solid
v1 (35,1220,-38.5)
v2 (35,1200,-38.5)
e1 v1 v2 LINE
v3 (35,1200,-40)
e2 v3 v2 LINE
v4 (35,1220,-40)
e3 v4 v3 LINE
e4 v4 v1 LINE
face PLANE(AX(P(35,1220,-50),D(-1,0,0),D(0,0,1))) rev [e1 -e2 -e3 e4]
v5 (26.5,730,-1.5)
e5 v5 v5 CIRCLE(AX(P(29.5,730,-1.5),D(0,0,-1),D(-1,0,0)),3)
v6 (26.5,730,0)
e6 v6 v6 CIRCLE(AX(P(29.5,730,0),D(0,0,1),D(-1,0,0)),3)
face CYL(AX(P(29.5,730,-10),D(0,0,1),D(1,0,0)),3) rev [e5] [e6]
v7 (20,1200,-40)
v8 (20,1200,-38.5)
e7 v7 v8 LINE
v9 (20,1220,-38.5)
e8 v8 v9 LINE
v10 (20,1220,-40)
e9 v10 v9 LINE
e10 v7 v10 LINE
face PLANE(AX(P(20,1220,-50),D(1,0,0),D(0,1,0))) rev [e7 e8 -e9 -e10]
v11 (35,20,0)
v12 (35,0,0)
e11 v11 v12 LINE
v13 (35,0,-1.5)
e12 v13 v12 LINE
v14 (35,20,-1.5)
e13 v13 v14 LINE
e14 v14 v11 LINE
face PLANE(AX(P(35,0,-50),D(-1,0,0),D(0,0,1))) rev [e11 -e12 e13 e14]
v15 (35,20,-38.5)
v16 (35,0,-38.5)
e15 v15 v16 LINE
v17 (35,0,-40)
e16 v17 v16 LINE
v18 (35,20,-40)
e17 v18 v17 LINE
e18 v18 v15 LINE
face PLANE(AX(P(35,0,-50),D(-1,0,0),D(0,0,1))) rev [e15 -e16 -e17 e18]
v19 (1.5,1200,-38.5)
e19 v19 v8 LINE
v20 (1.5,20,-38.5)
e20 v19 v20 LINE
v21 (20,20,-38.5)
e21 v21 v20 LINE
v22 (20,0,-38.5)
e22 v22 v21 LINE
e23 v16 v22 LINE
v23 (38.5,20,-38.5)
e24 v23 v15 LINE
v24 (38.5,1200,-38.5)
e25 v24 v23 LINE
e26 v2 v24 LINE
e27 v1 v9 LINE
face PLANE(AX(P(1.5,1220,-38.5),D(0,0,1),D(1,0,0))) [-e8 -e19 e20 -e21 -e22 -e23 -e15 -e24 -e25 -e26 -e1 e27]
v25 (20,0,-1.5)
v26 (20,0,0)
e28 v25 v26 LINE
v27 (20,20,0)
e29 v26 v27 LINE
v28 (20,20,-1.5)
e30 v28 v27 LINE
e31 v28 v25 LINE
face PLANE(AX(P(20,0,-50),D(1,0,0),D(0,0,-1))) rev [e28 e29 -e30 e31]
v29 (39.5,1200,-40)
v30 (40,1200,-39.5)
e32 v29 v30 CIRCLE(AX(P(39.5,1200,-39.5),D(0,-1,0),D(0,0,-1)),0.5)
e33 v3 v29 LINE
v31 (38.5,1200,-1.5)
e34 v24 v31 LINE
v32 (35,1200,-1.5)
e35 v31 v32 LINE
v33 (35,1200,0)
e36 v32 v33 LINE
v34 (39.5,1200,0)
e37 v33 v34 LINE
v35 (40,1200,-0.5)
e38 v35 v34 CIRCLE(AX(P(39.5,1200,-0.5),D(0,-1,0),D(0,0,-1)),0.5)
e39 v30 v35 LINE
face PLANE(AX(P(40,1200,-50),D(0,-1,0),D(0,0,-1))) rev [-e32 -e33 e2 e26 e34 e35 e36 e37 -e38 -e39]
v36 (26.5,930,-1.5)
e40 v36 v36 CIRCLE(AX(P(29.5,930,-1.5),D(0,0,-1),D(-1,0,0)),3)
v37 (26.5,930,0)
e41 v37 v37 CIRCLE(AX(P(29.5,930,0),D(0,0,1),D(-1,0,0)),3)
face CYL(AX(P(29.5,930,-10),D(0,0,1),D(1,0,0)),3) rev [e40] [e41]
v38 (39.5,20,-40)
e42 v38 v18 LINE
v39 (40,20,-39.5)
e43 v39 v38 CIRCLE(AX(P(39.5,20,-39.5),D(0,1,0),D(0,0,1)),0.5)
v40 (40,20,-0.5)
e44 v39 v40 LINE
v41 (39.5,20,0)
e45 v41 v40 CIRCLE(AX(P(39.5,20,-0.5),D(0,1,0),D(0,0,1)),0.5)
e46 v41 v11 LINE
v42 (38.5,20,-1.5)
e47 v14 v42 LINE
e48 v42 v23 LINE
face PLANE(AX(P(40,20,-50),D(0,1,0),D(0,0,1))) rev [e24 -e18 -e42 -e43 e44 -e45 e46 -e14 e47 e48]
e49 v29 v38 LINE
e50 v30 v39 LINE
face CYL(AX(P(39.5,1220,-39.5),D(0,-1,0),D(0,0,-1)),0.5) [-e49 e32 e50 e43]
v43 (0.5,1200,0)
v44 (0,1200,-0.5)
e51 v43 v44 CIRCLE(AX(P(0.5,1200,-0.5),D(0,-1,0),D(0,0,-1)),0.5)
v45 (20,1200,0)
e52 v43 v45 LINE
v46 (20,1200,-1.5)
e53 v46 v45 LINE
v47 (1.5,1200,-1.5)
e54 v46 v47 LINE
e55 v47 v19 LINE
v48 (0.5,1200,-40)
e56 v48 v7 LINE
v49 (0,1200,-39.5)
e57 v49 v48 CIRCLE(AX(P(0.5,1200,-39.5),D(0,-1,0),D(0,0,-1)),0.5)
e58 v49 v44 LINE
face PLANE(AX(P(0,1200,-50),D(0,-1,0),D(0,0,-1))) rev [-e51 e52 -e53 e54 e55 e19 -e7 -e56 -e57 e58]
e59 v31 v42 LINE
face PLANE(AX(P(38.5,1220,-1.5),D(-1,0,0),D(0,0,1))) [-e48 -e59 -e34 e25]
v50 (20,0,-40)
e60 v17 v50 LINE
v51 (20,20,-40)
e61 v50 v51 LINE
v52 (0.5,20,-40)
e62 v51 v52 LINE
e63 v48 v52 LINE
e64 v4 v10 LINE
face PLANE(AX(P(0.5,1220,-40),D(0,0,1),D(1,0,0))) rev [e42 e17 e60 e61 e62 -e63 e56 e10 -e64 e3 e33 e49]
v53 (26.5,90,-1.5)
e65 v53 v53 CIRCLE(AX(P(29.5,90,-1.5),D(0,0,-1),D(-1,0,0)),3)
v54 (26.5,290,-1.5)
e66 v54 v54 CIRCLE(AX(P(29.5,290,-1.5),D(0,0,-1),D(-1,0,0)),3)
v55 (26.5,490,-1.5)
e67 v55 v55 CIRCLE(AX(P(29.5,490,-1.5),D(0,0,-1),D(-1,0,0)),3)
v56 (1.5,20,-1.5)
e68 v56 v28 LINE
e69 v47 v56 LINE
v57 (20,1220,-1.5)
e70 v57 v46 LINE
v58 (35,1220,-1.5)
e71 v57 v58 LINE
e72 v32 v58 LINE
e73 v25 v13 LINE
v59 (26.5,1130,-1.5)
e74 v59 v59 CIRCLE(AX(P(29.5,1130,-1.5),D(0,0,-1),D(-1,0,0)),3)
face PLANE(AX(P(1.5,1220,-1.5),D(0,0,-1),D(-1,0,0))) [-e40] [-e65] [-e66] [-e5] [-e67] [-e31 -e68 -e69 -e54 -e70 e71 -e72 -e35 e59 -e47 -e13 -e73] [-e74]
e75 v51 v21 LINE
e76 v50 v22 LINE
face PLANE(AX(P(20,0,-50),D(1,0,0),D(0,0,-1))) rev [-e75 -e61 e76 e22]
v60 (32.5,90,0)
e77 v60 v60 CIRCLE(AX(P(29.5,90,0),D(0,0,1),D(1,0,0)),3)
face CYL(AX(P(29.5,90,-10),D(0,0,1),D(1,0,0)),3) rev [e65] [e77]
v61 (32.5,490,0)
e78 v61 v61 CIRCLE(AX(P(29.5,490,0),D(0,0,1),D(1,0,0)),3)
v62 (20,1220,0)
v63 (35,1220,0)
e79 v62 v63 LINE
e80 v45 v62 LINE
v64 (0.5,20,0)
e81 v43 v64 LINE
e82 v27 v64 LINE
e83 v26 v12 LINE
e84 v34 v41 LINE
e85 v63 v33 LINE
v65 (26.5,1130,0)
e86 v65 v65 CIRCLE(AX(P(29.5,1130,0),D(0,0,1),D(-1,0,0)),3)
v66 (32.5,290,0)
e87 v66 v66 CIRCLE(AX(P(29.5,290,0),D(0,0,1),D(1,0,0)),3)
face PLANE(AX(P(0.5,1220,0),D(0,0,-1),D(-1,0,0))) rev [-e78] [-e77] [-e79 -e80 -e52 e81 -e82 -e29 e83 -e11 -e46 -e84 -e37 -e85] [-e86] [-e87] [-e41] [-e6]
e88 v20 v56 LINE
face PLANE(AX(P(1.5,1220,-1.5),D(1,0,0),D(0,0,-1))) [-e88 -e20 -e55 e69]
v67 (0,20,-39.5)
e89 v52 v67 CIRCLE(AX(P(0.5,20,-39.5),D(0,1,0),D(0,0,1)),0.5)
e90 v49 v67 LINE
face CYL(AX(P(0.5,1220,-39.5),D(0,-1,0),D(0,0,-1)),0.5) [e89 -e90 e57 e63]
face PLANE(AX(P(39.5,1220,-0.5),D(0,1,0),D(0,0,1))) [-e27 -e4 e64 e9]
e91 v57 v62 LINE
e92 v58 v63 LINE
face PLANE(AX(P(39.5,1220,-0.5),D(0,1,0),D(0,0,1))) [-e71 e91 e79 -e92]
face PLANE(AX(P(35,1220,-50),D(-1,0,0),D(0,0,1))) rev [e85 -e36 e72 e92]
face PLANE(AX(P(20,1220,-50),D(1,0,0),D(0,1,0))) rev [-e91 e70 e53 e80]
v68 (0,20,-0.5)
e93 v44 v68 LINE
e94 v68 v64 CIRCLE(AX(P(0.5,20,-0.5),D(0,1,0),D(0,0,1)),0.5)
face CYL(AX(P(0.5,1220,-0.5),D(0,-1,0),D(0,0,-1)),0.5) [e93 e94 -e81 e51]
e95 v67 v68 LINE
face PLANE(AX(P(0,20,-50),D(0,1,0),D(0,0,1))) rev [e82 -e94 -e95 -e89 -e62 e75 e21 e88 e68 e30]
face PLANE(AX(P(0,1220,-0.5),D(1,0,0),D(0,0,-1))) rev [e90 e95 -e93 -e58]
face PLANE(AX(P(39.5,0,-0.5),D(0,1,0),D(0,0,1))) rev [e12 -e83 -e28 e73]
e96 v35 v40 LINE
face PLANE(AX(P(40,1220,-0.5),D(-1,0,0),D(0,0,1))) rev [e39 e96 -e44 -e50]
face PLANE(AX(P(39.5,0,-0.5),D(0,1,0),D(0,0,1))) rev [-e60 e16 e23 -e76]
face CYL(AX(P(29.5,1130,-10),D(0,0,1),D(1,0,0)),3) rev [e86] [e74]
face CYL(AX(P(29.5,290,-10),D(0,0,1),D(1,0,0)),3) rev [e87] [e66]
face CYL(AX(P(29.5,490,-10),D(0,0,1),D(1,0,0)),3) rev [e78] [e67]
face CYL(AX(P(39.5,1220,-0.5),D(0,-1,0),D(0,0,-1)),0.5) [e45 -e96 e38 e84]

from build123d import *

# Parameters (mm, degrees)
SKETCH1_W           = 37
SKETCH1_H           = 37
BOSS_EXTRUDE1_DEPTH = 1220
SKETCH2_W           = 20
SKETCH2_H           = 20
SKETCH2_W_2         = 5
CUT_EXTRUDE1_DEPTH  = 50
SKETCH3_R           = 3
CUT_EXTRUDE2_DEPTH  = 10


with BuildPart() as part:
    # Sketch1 → Boss-Extrude1 (new body)
    with BuildSketch(Plane(origin=(0, 0, 0), x_dir=(1, 0, 0), z_dir=(0, 1, 0))):
        with BuildLine():
            Line((0.5, 0), (39.5, 0))
            ThreePointArc((39.5, 0), (39.853553391, 0.146446609), (40, 0.5))
            Line((40, 0.5), (40, 39.5))
            ThreePointArc((40, 39.5), (39.853553391, 39.853553391), (39.5, 40))
            Line((39.5, 40), (0.5, 40))
            ThreePointArc((0.5, 40), (0.146446609, 39.853553391), (0, 39.5))
            Line((0, 39.5), (0, 0.5))
            ThreePointArc((0, 0.5), (0.146446609, 0.146446609), (0.5, 0))
        make_face()
        with Locations((20, 20)):
            Rectangle(SKETCH1_W, SKETCH1_H, mode=Mode.SUBTRACT)
    extrude(amount=BOSS_EXTRUDE1_DEPTH)

    # Sketch2 → Cut-Extrude1 (cut)
    with BuildSketch(Plane.XY):
        with Locations((10, 1210)):
            Rectangle(SKETCH2_W, SKETCH2_H)
        with Locations((37.5, 1210)):
            Rectangle(SKETCH2_W_2, SKETCH2_H)
        with Locations((10, 10)):
            Rectangle(SKETCH2_W, SKETCH2_H)
        with Locations((37.5, 10)):
            Rectangle(SKETCH2_W_2, SKETCH2_H)
    extrude(amount=-CUT_EXTRUDE1_DEPTH, mode=Mode.SUBTRACT)

    # Sketch3 → Cut-Extrude2 (cut)
    with BuildSketch(Plane.XY):
        with Locations((29.5, 90)):
            Circle(SKETCH3_R)
        with Locations((29.5, 290)):
            Circle(SKETCH3_R)
        with Locations((29.5, 490)):
            Circle(SKETCH3_R)
        with Locations(Location((29.5, 730, 0), (0, 0, 180))):
            Circle(SKETCH3_R)
        with Locations(Location((29.5, 930, 0), (0, 0, 180))):
            Circle(SKETCH3_R)
        with Locations(Location((29.5, 1130, 0), (0, 0, 180))):
            Circle(SKETCH3_R)
    extrude(amount=-CUT_EXTRUDE2_DEPTH, mode=Mode.SUBTRACT)


solid = part.part
